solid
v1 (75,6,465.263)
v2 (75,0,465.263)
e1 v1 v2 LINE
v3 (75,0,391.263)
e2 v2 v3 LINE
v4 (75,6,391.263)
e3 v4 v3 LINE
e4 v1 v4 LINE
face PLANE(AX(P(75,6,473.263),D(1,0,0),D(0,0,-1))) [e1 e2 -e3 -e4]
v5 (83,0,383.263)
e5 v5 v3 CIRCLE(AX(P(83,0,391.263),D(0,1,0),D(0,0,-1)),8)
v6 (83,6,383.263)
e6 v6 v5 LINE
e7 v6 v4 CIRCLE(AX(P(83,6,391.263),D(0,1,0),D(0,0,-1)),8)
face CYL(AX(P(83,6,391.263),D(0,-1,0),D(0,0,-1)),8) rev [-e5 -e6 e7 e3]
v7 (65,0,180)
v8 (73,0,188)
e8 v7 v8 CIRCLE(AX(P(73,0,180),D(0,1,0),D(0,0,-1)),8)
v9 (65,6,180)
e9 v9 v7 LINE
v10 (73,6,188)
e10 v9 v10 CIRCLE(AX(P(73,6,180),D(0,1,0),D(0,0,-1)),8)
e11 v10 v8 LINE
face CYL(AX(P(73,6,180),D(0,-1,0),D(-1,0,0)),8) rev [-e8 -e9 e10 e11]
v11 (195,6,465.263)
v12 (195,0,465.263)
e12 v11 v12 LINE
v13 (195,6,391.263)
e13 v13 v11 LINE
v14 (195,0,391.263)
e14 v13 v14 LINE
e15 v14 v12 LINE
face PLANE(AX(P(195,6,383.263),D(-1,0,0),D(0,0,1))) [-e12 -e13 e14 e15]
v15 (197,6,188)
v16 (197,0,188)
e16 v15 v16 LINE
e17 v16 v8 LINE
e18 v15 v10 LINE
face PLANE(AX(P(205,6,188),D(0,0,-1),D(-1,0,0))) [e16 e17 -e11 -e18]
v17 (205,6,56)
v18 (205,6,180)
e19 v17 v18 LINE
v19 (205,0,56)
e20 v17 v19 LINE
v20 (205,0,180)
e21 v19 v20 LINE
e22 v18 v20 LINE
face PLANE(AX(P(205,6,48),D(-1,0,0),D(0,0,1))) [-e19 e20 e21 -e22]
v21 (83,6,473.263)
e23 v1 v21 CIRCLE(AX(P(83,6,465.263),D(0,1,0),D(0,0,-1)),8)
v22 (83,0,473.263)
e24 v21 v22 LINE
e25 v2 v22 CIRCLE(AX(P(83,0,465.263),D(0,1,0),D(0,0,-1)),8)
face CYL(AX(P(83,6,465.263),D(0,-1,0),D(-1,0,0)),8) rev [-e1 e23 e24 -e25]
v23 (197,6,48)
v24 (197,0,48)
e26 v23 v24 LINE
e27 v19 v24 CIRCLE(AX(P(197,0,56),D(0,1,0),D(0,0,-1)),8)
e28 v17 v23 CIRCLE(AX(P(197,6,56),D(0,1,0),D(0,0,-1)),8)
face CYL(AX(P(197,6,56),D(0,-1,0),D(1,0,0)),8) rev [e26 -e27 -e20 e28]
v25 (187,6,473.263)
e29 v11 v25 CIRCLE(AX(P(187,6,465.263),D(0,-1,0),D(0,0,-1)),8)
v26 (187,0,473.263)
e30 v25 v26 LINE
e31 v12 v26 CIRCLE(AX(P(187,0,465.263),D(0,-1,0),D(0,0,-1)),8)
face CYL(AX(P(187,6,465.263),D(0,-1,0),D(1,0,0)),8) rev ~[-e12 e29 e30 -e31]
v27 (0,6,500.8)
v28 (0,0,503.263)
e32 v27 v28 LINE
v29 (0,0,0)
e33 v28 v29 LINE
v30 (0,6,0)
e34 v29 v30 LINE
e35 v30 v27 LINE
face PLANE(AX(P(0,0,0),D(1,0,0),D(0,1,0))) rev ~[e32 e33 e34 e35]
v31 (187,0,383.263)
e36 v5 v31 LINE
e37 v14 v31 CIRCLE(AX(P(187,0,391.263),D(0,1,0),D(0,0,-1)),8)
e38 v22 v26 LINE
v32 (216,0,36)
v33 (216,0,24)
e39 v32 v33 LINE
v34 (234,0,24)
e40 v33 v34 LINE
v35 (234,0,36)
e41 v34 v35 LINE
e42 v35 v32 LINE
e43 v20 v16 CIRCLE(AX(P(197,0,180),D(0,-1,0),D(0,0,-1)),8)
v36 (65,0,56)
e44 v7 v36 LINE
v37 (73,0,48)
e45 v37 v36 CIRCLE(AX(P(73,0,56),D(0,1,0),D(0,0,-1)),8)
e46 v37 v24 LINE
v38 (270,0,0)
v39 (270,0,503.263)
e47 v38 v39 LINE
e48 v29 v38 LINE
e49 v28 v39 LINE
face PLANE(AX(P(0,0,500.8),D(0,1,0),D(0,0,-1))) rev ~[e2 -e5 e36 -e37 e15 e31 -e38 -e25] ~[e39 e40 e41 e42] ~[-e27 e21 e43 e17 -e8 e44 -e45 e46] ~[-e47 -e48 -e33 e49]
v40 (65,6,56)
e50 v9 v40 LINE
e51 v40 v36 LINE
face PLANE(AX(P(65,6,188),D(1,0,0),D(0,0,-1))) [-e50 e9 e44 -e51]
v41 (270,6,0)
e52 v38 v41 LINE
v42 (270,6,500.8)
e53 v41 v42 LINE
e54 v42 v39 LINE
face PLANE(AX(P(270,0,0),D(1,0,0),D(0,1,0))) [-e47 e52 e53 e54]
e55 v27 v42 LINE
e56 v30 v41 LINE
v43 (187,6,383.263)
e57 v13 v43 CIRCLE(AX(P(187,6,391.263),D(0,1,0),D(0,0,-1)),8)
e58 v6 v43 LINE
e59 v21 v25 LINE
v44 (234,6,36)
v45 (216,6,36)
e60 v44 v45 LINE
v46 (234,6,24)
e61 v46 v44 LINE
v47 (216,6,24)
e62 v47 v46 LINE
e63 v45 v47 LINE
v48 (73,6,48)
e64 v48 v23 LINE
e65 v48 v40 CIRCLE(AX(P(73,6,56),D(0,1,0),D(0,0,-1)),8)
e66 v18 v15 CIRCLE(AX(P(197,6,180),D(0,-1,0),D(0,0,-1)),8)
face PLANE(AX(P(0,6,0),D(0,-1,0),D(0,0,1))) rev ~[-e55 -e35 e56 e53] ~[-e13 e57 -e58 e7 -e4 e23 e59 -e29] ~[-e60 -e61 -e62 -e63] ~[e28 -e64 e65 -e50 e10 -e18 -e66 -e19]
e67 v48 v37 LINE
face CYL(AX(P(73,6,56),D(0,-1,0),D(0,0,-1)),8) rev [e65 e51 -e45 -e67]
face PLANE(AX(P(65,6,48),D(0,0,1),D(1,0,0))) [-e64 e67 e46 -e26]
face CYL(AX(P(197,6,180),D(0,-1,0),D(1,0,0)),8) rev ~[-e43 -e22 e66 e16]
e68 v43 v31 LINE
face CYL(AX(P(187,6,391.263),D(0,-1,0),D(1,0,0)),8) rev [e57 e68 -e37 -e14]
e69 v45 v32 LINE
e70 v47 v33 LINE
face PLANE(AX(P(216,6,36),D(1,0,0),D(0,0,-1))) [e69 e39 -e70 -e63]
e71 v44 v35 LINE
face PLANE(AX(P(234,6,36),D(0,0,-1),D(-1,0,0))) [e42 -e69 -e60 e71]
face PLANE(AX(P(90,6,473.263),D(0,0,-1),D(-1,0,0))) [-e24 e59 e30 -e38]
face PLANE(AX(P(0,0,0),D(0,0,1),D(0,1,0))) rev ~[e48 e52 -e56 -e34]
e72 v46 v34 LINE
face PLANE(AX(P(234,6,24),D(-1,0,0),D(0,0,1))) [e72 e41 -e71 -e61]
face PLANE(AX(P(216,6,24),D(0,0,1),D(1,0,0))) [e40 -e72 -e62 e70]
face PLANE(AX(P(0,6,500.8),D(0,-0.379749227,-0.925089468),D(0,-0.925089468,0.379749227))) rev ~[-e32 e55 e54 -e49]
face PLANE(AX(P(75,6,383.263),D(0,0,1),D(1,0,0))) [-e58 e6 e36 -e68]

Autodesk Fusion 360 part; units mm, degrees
sketch "Back Panel" plane through (0, 0, 0) normal (1, 0, 0) x (0, 1, 0)
  line L0 (0, 0) -> (6, 0)
  line L1 (6, 0) -> (6, 500.8)
  line L2 (0, 500.8) -> (0, 0)
  line L3 (0, 500.8) -> (0, 503.263)
  line L4 (6, 500.8) -> (0, 503.263)
  dimension "d8" = 6
  dimension "d9" = 500.8
  dimension "d10" = 2.463
  dimension "d11" = 112.318
extrude "Extrude2" add sketch "Back Panel" along normal blind 270
sketch "Switch Hole" plane through (0, 6, 0) normal (0, 1, 0) x (-1, 0, 0)
  line L0 (0, 0) -> (0, 500.8)
  line L1 (0, 500.8) -> (-270, 500.8)
  line L2 (-270, 500.8) -> (-270, 0)
  line L3 (-270, 0) -> (0, 0)
  line L4 (-234, 36) -> (-216, 36)
  line L5 (-216, 36) -> (-216, 24)
  line L6 (-216, 24) -> (-234, 24)
  line L7 (-234, 24) -> (-234, 36)
  dimension "d14" = 18
  dimension "d15" = 12
  dimension "d16" = 36
  dimension "d17" = 24
extrude "Extrude3" cut sketch "Switch Hole" against normal blind 6 contours L4 L5 L6 L7
sketch "Bottom Access Panel" plane through (0, 6, 0) normal (0, 1, 0) x (-1, 0, 0)
  line L0 (-216, 36) -> (-216, 24)
  line L1 (-216, 24) -> (-234, 24)
  line L2 (-234, 24) -> (-234, 36)
  line L3 (-234, 36) -> (-216, 36)
  line L4 (0, 0) -> (0, 500.8)
  line L5 (0, 500.8) -> (-270, 500.8)
  line L6 (-270, 500.8) -> (-270, 0)
  line L7 (-270, 0) -> (0, 0)
  line L8 (-205, 188) -> (-65, 188)
  line L9 (-65, 188) -> (-65, 48)
  line L10 (-65, 48) -> (-205, 48)
  line L11 (-205, 48) -> (-205, 188)
  dimension "d20" = 48
  dimension "d21" = 65
  dimension "d22" = 65
  dimension "d28" = 140
  dimension "d29" = 140
  dimension "d30" = 24
  dimension "d31" = 12
  dimension "d32" = 12
  dimension "d33" = 188
extrude "Extrude4" cut sketch "Bottom Access Panel" against normal blind 6 contours L8 L9 L10 L11
fillet "Fillet1" radius 8 4 edges at (65, 3, 188) (65, 3, 48) (205, 3, 48) (205, 3, 188)
sketch "Top Access Panel" plane through (0, 6, 0) normal (0, 1, 0) x (-1, 0, 0)
  line L0 (-65, 180) -> (-65, 56)
  arc A0 (-73, 48) -> (-65, 56) centre (-73, 56) ccw
  line L1 (-73, 48) -> (-197, 48)
  arc A1 (-205, 56) -> (-197, 48) centre (-197, 56) ccw
  line L2 (-205, 56) -> (-205, 180)
  arc A2 (-197, 188) -> (-205, 180) centre (-197, 180) ccw
  line L3 (-197, 188) -> (-73, 188)
  arc A3 (-65, 180) -> (-73, 188) centre (-73, 180) ccw
  line L4 (-216, 36) -> (-216, 24)
  line L5 (-216, 24) -> (-234, 24)
  line L6 (-234, 24) -> (-234, 36)
  line L7 (-234, 36) -> (-216, 36)
  line L8 (0, 0) -> (0, 500.8)
  line L9 (0, 500.8) -> (-270, 500.8)
  line L10 (-270, 500.8) -> (-270, 0)
  line L11 (-270, 0) -> (0, 0)
  line L12 (-195, 473.263) -> (-75, 473.263)
  line L13 (-75, 473.263) -> (-75, 383.263)
  line L14 (-75, 383.263) -> (-195, 383.263)
  line L15 (-195, 383.263) -> (-195, 473.263)
  line L16 (-180, 473.263) -> (-90, 473.263)
  line L17 (0, 503.263) -> (-270, 503.263)
  dimension "d34" = 120
  dimension "d35" = 140
  dimension "d36" = 75
  dimension "d37" = 75
  dimension "d38" = 65
  dimension "d39" = 65
  dimension "d45" = 90
  dimension "d49" = 30
extrude "Extrude5" cut sketch "Top Access Panel" against normal blind 6 contours L12 L13 L14 L15 L16
fillet "Fillet2" radius 8 4 edges at (75, 3, 473.263) (195, 3, 473.263) (195, 3, 383.263) (75, 3, 383.263)
equation "MDFThickness = 6 mm" comment "Thickness of the MDF board"
equation "d16 = ( 18 * 2 ) * 1 mm"
equation "d17 = ( 12 * 2 ) * 1 mm"
equation "d18 = -MDFThickness"
equation "d23 = -MDFThickness"
equation "filletRadius = 8 mm" comment "Radius to use for fillets"
equation "d27 = filletRadius"
equation "d36 = ( ( 270 - 120 ) / 2 ) * 1 mm"
equation "d51 = -MDFThickness"
equation "d54 = filletRadius"
